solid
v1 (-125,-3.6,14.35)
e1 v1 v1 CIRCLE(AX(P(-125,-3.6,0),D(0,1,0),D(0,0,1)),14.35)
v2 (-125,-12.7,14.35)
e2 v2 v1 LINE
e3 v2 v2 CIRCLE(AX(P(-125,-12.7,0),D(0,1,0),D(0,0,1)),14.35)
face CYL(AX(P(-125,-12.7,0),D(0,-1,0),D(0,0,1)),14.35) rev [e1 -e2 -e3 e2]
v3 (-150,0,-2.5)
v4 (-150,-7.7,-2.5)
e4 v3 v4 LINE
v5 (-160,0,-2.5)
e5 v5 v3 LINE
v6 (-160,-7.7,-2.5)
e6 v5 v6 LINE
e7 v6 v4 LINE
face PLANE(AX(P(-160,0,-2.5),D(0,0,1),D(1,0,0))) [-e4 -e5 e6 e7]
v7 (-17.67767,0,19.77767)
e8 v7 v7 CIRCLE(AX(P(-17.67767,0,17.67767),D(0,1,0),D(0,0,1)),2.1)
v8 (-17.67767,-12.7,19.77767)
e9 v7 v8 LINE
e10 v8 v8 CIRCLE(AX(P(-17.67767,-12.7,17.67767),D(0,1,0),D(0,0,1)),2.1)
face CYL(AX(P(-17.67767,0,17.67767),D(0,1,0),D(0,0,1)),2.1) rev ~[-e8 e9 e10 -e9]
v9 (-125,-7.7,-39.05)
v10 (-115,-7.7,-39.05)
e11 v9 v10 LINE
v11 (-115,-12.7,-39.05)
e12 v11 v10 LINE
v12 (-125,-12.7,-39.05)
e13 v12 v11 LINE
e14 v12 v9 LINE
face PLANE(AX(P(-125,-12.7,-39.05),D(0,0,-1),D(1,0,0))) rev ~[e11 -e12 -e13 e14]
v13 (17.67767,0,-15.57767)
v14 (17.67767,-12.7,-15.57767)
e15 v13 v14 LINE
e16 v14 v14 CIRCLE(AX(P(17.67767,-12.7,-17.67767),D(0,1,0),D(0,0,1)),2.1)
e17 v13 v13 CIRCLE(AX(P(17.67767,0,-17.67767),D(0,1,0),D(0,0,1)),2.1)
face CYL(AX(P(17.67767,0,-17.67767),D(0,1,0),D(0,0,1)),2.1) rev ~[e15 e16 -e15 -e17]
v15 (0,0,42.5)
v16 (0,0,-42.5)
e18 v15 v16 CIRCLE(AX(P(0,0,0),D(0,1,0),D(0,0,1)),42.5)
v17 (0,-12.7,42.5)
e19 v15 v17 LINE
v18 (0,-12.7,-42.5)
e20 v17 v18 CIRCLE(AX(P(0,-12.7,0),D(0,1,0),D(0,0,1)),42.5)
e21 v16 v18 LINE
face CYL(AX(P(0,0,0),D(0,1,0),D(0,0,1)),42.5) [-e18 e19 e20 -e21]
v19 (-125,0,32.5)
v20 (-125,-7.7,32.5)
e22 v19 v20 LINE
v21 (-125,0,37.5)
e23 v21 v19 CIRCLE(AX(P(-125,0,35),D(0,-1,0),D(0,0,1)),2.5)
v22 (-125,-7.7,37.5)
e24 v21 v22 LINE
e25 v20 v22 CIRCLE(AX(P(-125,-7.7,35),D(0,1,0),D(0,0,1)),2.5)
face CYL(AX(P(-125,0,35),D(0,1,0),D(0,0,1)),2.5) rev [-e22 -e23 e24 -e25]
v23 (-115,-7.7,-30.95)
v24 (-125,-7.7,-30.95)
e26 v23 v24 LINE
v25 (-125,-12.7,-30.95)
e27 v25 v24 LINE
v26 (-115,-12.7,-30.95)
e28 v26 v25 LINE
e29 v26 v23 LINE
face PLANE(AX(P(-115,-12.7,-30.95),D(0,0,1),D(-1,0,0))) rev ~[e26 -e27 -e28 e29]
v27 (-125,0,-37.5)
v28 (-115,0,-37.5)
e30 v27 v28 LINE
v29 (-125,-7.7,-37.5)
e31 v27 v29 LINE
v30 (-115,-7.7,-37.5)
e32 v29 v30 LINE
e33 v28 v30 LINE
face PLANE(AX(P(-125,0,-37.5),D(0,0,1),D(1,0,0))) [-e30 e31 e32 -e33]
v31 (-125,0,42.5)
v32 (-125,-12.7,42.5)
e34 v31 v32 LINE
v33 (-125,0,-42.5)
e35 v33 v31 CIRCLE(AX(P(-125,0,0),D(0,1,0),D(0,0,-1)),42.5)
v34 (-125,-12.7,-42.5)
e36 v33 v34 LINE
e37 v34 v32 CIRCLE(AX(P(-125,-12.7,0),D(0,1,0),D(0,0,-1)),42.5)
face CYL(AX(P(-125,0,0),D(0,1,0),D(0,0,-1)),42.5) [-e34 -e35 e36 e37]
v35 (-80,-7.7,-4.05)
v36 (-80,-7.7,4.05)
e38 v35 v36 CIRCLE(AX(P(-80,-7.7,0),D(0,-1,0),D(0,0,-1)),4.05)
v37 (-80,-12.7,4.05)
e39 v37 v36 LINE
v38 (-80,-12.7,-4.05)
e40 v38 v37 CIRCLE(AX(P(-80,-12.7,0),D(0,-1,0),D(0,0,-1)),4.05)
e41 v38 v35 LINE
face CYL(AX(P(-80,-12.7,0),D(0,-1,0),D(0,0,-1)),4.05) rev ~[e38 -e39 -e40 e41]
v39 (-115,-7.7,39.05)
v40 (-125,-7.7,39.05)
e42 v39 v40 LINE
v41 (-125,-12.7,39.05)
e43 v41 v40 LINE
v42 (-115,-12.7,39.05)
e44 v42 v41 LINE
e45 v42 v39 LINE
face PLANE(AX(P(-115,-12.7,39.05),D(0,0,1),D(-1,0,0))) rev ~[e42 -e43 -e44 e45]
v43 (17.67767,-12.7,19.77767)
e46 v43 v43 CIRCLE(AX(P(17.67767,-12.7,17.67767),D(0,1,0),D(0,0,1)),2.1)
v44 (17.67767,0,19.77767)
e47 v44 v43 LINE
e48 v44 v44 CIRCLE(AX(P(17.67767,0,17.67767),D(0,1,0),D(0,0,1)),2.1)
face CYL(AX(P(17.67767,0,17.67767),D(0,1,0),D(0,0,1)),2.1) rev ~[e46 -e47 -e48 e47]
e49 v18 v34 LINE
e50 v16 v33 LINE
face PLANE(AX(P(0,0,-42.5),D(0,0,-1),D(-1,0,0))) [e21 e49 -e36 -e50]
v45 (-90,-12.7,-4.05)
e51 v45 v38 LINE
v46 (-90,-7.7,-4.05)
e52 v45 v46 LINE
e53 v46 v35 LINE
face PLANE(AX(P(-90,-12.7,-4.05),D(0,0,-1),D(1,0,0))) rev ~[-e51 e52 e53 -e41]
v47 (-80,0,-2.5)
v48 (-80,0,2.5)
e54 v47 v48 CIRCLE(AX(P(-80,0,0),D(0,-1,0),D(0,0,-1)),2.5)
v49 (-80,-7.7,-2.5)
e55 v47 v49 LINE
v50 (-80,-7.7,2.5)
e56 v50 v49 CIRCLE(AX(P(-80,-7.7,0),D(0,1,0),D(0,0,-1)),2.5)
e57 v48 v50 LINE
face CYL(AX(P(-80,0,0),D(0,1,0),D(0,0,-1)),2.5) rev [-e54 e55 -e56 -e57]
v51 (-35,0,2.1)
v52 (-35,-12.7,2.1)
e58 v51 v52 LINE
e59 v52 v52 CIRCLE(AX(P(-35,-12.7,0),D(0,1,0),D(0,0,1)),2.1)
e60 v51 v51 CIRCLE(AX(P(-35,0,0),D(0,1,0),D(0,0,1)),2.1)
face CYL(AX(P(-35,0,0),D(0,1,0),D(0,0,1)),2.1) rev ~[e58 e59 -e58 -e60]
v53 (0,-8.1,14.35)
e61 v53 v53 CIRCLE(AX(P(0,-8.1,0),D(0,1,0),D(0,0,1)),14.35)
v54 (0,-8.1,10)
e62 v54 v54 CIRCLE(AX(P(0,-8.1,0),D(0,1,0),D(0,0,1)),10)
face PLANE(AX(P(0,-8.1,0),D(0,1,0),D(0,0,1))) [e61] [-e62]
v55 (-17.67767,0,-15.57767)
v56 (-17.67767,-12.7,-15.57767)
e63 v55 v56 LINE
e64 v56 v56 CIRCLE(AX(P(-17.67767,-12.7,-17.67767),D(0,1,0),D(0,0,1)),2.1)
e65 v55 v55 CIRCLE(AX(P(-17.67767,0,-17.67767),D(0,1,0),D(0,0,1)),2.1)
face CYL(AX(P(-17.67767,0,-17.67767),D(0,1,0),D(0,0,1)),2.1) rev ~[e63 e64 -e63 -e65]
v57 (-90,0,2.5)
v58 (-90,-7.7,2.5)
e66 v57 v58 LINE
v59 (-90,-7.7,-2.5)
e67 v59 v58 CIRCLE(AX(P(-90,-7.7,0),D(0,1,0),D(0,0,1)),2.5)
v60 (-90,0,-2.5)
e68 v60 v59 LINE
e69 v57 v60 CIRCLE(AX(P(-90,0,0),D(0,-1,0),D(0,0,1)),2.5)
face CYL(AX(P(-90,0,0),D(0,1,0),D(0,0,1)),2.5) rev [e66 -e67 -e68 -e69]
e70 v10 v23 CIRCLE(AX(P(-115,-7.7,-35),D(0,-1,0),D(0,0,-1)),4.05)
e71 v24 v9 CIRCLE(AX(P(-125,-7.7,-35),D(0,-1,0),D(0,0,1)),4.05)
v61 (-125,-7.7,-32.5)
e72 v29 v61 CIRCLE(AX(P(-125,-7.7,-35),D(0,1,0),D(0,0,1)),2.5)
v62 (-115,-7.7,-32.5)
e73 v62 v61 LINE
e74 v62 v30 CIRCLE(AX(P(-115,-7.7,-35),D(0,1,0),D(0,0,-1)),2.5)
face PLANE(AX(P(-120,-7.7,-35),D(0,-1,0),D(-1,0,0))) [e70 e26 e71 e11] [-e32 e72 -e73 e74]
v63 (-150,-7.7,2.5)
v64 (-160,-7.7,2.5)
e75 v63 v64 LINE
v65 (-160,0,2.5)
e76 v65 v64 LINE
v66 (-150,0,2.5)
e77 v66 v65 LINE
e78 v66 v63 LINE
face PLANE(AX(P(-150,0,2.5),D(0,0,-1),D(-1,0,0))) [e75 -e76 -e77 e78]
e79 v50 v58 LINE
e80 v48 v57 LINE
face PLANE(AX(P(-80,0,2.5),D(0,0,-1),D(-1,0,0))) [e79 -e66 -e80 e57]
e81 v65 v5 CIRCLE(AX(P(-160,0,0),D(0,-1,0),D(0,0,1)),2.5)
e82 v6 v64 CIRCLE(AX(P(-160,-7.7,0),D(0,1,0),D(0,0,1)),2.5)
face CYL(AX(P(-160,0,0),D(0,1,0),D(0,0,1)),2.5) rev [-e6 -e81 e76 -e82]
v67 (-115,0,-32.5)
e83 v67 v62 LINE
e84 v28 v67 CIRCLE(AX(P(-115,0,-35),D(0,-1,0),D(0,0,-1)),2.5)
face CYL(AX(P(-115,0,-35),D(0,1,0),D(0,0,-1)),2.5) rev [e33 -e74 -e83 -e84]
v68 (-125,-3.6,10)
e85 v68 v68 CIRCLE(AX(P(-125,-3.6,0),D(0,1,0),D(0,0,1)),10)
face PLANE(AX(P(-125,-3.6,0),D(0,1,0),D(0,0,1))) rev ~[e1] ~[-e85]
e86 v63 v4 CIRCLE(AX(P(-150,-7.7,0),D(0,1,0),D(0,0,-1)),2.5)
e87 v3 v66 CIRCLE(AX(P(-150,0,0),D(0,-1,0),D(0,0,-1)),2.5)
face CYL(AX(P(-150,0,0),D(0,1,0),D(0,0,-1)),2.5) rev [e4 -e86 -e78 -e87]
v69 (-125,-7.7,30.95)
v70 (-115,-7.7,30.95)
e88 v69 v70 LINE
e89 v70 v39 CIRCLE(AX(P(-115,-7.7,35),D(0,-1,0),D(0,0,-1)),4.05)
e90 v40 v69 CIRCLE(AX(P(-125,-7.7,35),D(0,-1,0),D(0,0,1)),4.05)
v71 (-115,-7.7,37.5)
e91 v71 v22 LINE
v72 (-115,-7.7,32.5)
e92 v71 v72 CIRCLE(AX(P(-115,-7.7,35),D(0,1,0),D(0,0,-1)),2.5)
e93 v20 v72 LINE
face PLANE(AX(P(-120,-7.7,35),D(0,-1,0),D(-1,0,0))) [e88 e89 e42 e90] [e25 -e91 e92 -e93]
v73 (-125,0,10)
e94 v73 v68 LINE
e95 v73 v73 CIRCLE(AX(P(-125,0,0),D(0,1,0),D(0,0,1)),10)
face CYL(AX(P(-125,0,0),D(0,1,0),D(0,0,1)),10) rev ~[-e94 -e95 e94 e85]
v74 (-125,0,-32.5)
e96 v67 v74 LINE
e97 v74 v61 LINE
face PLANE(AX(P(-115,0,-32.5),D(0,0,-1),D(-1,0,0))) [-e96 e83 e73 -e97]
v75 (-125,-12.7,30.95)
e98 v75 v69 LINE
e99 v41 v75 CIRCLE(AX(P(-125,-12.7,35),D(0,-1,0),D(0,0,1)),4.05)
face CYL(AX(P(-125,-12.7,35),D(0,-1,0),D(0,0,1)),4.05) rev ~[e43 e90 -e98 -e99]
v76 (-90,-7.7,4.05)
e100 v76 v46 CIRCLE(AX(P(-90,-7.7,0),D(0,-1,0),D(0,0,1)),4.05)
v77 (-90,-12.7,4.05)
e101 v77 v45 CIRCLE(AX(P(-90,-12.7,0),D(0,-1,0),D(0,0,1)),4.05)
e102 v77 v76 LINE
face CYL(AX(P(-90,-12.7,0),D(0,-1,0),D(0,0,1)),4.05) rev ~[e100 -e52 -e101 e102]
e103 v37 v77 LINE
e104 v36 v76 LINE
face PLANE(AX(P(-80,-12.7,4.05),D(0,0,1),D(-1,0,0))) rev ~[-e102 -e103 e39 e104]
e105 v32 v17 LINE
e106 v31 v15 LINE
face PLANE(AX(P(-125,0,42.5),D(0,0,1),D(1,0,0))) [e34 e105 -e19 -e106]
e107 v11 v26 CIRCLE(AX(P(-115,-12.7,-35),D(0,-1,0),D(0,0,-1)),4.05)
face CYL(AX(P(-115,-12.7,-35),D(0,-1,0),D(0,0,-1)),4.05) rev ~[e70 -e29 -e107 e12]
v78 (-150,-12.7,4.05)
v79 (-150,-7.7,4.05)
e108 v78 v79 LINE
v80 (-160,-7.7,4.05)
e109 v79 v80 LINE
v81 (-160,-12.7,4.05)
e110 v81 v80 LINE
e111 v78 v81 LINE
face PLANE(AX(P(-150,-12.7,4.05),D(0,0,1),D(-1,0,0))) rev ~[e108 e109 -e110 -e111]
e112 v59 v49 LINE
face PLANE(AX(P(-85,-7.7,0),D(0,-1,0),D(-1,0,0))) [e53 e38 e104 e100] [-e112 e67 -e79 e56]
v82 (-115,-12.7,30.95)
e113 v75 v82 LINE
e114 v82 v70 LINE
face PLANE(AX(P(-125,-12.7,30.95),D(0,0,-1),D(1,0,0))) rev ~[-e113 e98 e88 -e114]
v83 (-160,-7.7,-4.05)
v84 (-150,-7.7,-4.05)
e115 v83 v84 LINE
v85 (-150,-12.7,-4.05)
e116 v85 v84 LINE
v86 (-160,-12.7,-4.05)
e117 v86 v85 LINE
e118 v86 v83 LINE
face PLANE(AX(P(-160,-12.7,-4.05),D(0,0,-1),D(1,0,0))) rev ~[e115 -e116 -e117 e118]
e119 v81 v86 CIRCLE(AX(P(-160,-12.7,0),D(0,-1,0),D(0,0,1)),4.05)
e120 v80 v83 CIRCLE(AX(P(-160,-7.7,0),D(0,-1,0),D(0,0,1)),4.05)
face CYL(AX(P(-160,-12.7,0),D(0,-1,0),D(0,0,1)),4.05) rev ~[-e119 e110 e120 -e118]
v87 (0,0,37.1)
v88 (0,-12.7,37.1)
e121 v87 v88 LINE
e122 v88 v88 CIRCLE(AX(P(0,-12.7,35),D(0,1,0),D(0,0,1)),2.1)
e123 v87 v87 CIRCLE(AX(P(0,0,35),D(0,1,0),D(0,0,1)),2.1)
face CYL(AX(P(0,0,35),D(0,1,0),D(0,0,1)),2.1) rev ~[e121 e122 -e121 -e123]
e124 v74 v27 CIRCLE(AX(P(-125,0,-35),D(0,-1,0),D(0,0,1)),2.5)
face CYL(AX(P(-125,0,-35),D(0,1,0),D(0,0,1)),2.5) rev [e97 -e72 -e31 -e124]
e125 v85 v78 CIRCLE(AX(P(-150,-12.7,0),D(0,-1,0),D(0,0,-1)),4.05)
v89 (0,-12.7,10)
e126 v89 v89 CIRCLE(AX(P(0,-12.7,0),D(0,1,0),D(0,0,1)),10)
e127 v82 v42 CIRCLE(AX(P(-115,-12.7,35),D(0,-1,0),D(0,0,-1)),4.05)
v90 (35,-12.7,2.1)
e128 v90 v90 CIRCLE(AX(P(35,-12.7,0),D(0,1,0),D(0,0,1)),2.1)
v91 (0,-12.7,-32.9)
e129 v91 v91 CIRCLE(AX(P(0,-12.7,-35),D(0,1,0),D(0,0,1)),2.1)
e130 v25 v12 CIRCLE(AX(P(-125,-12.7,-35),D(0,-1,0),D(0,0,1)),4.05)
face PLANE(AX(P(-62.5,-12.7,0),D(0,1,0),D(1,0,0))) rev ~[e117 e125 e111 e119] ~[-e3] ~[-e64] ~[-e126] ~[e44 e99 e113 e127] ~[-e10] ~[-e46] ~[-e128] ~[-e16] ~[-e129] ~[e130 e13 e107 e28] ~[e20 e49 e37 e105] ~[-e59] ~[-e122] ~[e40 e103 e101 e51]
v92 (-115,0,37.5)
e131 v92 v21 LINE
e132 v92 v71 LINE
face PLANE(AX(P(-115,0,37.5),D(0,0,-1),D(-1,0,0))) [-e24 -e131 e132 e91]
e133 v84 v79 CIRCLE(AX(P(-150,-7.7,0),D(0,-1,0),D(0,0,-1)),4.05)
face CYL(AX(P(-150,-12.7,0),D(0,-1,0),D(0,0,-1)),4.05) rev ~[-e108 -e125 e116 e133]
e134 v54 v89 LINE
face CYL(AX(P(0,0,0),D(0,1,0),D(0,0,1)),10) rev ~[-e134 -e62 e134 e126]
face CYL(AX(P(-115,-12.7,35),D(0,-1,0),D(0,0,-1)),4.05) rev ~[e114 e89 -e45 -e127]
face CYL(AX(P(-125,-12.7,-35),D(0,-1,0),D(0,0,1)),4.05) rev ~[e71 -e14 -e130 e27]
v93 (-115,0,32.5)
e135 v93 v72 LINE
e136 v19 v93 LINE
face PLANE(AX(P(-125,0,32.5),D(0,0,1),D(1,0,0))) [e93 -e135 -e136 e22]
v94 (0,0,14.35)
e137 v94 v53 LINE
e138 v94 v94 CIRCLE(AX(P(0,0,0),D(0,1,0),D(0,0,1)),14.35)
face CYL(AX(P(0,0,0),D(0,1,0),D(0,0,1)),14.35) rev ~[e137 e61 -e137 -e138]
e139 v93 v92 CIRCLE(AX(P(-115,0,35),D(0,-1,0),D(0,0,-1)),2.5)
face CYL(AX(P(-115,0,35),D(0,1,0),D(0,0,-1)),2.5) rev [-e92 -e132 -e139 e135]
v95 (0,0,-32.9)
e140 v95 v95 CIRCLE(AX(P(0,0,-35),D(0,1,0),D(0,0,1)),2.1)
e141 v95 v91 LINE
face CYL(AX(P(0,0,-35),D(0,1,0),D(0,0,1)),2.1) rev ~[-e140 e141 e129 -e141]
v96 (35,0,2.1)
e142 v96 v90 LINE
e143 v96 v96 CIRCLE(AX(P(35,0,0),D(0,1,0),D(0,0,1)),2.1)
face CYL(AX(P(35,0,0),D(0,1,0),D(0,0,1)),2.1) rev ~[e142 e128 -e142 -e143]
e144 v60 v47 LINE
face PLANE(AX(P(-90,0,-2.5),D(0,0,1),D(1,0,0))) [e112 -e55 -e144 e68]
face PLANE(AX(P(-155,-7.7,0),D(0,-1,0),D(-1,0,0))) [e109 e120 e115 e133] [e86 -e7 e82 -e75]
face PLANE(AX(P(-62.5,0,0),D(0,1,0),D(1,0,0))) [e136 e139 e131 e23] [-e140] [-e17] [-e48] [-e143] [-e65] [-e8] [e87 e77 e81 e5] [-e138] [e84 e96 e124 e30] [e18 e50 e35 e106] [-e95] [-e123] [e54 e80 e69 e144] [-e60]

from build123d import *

# Parameters (mm, degrees)
SKETCH1_R           = 10
SKETCH1_R_2         = 2.1
BOSS_EXTRUDE1_DEPTH = 12.7
SKETCH2_R           = 14.35
CUT_EXTRUDE1_DEPTH  = 8.1
CUT_EXTRUDE2_START  = -12.7
SKETCH3_R           = 14.35
CUT_EXTRUDE2_DEPTH  = 9.1
CUT_EXTRUDE3_START  = -12.7
CUT_EXTRUDE3_DEPTH  = 5


with BuildPart() as part:
    # Sketch1 → Boss-Extrude1 (new body)
    with BuildSketch(Plane(origin=(0, 0, 0), x_dir=(1, 0, 0), z_dir=(0, 1, 0))):
        with BuildLine():
            ThreePointArc((-125, 42.5), (-167.5, 0), (-125, -42.5))
            Line((-125, -42.5), (0, -42.5))
            ThreePointArc((0, -42.5), (42.5, 0), (0, 42.5))
            Line((0, 42.5), (-125, 42.5))
        make_face()
        with BuildLine():
            Line((-90, 2.5), (-80, 2.5))
            ThreePointArc((-80, 2.5), (-77.5, 0), (-80, -2.5))
            Line((-80, -2.5), (-90, -2.5))
            ThreePointArc((-90, -2.5), (-92.5, 0), (-90, 2.5))
        make_face(mode=Mode.SUBTRACT)
        with BuildLine():
            ThreePointArc((-125, -37.5), (-127.5, -35), (-125, -32.5))
            Line((-125, -32.5), (-115, -32.5))
            ThreePointArc((-115, -32.5), (-112.5, -35), (-115, -37.5))
            Line((-115, -37.5), (-125, -37.5))
        make_face(mode=Mode.SUBTRACT)
        with BuildLine():
            ThreePointArc((-160, -2.5), (-162.5, 0), (-160, 2.5))
            Line((-160, 2.5), (-150, 2.5))
            ThreePointArc((-150, 2.5), (-147.5, 0), (-150, -2.5))
            Line((-150, -2.5), (-160, -2.5))
        make_face(mode=Mode.SUBTRACT)
        with Locations(Location((-125, 0, 0), (0, 0, 270))):
            Circle(SKETCH1_R, mode=Mode.SUBTRACT)
        with BuildLine():
            ThreePointArc((-125, 32.5), (-127.5, 35), (-125, 37.5))
            Line((-125, 37.5), (-115, 37.5))
            ThreePointArc((-115, 37.5), (-112.5, 35), (-115, 32.5))
            Line((-115, 32.5), (-125, 32.5))
        make_face(mode=Mode.SUBTRACT)
        with Locations(Location((0, 35, 0), (0, 0, 270))):
            Circle(SKETCH1_R_2, mode=Mode.SUBTRACT)
        with Locations(Location((0, -35, 0), (0, 0, 270))):
            Circle(SKETCH1_R_2, mode=Mode.SUBTRACT)
        with Locations(Location((-17.67766953, -17.67766953, 0), (0, 0, 270))):
            Circle(SKETCH1_R_2, mode=Mode.SUBTRACT)
        with Locations(Location((17.67766953, -17.67766953, 0), (0, 0, 270))):
            Circle(SKETCH1_R_2, mode=Mode.SUBTRACT)
        with Locations(Location((-35, 0, 0), (0, 0, 270))):
            Circle(SKETCH1_R_2, mode=Mode.SUBTRACT)
        with Locations(Location((-17.67766953, 17.67766953, 0), (0, 0, 270))):
            Circle(SKETCH1_R_2, mode=Mode.SUBTRACT)
        with Locations(Location((0, 0, 0), (0, 0, 270))):
            Circle(SKETCH1_R, mode=Mode.SUBTRACT)
        with Locations(Location((35, 0, 0), (0, 0, 270))):
            Circle(SKETCH1_R_2, mode=Mode.SUBTRACT)
        with Locations(Location((17.67766953, 17.67766953, 0), (0, 0, 270))):
            Circle(SKETCH1_R_2, mode=Mode.SUBTRACT)
    extrude(amount=-BOSS_EXTRUDE1_DEPTH)

    # Sketch2 → Cut-Extrude1 (cut)
    with BuildSketch(Plane(origin=(0, 0, 0), x_dir=(1, 0, 0), z_dir=(0, 1, 0))):
        with Locations(Location((0, 0, 0), (0, 0, 270))):
            Circle(SKETCH2_R)
    extrude(amount=-CUT_EXTRUDE1_DEPTH, mode=Mode.SUBTRACT)

    # Sketch3 → Cut-Extrude2 (cut)
    with BuildSketch(Plane(origin=(0, 0, 0), x_dir=(1, 0, 0), z_dir=(0, 1, 0)).offset(CUT_EXTRUDE2_START)):
        with Locations(Location((-125, 0, 0), (0, 0, 270))):
            Circle(SKETCH3_R)
    extrude(amount=CUT_EXTRUDE2_DEPTH, mode=Mode.SUBTRACT)

    # Sketch4 → Cut-Extrude3 (cut)
    with BuildSketch(Plane(origin=(0, 0, 0), x_dir=(1, 0, 0), z_dir=(0, 1, 0)).offset(CUT_EXTRUDE3_START)):
        with BuildLine():
            Line((-150, -4.05), (-160, -4.05))
            ThreePointArc((-160, -4.05), (-164.05, 0), (-160, 4.05))
            Line((-160, 4.05), (-150, 4.05))
            ThreePointArc((-150, 4.05), (-145.95, 0), (-150, -4.05))
        make_face()
        with BuildLine():
            Line((-125, -30.95), (-115, -30.95))
            ThreePointArc((-115, -30.95), (-110.95, -35), (-115, -39.05))
            Line((-115, -39.05), (-125, -39.05))
            ThreePointArc((-125, -39.05), (-129.05, -35), (-125, -30.95))
        make_face()
        with BuildLine():
            Line((-80, -4.05), (-90, -4.05))
            ThreePointArc((-90, -4.05), (-94.05, 0), (-90, 4.05))
            Line((-90, 4.05), (-80, 4.05))
            ThreePointArc((-80, 4.05), (-75.95, 0), (-80, -4.05))
        make_face()
        with BuildLine():
            Line((-125, 39.05), (-115, 39.05))
            ThreePointArc((-115, 39.05), (-110.95, 35), (-115, 30.95))
            Line((-115, 30.95), (-125, 30.95))
            ThreePointArc((-125, 30.95), (-129.05, 35), (-125, 39.05))
        make_face()
    extrude(amount=CUT_EXTRUDE3_DEPTH, mode=Mode.SUBTRACT)


solid = part.part
